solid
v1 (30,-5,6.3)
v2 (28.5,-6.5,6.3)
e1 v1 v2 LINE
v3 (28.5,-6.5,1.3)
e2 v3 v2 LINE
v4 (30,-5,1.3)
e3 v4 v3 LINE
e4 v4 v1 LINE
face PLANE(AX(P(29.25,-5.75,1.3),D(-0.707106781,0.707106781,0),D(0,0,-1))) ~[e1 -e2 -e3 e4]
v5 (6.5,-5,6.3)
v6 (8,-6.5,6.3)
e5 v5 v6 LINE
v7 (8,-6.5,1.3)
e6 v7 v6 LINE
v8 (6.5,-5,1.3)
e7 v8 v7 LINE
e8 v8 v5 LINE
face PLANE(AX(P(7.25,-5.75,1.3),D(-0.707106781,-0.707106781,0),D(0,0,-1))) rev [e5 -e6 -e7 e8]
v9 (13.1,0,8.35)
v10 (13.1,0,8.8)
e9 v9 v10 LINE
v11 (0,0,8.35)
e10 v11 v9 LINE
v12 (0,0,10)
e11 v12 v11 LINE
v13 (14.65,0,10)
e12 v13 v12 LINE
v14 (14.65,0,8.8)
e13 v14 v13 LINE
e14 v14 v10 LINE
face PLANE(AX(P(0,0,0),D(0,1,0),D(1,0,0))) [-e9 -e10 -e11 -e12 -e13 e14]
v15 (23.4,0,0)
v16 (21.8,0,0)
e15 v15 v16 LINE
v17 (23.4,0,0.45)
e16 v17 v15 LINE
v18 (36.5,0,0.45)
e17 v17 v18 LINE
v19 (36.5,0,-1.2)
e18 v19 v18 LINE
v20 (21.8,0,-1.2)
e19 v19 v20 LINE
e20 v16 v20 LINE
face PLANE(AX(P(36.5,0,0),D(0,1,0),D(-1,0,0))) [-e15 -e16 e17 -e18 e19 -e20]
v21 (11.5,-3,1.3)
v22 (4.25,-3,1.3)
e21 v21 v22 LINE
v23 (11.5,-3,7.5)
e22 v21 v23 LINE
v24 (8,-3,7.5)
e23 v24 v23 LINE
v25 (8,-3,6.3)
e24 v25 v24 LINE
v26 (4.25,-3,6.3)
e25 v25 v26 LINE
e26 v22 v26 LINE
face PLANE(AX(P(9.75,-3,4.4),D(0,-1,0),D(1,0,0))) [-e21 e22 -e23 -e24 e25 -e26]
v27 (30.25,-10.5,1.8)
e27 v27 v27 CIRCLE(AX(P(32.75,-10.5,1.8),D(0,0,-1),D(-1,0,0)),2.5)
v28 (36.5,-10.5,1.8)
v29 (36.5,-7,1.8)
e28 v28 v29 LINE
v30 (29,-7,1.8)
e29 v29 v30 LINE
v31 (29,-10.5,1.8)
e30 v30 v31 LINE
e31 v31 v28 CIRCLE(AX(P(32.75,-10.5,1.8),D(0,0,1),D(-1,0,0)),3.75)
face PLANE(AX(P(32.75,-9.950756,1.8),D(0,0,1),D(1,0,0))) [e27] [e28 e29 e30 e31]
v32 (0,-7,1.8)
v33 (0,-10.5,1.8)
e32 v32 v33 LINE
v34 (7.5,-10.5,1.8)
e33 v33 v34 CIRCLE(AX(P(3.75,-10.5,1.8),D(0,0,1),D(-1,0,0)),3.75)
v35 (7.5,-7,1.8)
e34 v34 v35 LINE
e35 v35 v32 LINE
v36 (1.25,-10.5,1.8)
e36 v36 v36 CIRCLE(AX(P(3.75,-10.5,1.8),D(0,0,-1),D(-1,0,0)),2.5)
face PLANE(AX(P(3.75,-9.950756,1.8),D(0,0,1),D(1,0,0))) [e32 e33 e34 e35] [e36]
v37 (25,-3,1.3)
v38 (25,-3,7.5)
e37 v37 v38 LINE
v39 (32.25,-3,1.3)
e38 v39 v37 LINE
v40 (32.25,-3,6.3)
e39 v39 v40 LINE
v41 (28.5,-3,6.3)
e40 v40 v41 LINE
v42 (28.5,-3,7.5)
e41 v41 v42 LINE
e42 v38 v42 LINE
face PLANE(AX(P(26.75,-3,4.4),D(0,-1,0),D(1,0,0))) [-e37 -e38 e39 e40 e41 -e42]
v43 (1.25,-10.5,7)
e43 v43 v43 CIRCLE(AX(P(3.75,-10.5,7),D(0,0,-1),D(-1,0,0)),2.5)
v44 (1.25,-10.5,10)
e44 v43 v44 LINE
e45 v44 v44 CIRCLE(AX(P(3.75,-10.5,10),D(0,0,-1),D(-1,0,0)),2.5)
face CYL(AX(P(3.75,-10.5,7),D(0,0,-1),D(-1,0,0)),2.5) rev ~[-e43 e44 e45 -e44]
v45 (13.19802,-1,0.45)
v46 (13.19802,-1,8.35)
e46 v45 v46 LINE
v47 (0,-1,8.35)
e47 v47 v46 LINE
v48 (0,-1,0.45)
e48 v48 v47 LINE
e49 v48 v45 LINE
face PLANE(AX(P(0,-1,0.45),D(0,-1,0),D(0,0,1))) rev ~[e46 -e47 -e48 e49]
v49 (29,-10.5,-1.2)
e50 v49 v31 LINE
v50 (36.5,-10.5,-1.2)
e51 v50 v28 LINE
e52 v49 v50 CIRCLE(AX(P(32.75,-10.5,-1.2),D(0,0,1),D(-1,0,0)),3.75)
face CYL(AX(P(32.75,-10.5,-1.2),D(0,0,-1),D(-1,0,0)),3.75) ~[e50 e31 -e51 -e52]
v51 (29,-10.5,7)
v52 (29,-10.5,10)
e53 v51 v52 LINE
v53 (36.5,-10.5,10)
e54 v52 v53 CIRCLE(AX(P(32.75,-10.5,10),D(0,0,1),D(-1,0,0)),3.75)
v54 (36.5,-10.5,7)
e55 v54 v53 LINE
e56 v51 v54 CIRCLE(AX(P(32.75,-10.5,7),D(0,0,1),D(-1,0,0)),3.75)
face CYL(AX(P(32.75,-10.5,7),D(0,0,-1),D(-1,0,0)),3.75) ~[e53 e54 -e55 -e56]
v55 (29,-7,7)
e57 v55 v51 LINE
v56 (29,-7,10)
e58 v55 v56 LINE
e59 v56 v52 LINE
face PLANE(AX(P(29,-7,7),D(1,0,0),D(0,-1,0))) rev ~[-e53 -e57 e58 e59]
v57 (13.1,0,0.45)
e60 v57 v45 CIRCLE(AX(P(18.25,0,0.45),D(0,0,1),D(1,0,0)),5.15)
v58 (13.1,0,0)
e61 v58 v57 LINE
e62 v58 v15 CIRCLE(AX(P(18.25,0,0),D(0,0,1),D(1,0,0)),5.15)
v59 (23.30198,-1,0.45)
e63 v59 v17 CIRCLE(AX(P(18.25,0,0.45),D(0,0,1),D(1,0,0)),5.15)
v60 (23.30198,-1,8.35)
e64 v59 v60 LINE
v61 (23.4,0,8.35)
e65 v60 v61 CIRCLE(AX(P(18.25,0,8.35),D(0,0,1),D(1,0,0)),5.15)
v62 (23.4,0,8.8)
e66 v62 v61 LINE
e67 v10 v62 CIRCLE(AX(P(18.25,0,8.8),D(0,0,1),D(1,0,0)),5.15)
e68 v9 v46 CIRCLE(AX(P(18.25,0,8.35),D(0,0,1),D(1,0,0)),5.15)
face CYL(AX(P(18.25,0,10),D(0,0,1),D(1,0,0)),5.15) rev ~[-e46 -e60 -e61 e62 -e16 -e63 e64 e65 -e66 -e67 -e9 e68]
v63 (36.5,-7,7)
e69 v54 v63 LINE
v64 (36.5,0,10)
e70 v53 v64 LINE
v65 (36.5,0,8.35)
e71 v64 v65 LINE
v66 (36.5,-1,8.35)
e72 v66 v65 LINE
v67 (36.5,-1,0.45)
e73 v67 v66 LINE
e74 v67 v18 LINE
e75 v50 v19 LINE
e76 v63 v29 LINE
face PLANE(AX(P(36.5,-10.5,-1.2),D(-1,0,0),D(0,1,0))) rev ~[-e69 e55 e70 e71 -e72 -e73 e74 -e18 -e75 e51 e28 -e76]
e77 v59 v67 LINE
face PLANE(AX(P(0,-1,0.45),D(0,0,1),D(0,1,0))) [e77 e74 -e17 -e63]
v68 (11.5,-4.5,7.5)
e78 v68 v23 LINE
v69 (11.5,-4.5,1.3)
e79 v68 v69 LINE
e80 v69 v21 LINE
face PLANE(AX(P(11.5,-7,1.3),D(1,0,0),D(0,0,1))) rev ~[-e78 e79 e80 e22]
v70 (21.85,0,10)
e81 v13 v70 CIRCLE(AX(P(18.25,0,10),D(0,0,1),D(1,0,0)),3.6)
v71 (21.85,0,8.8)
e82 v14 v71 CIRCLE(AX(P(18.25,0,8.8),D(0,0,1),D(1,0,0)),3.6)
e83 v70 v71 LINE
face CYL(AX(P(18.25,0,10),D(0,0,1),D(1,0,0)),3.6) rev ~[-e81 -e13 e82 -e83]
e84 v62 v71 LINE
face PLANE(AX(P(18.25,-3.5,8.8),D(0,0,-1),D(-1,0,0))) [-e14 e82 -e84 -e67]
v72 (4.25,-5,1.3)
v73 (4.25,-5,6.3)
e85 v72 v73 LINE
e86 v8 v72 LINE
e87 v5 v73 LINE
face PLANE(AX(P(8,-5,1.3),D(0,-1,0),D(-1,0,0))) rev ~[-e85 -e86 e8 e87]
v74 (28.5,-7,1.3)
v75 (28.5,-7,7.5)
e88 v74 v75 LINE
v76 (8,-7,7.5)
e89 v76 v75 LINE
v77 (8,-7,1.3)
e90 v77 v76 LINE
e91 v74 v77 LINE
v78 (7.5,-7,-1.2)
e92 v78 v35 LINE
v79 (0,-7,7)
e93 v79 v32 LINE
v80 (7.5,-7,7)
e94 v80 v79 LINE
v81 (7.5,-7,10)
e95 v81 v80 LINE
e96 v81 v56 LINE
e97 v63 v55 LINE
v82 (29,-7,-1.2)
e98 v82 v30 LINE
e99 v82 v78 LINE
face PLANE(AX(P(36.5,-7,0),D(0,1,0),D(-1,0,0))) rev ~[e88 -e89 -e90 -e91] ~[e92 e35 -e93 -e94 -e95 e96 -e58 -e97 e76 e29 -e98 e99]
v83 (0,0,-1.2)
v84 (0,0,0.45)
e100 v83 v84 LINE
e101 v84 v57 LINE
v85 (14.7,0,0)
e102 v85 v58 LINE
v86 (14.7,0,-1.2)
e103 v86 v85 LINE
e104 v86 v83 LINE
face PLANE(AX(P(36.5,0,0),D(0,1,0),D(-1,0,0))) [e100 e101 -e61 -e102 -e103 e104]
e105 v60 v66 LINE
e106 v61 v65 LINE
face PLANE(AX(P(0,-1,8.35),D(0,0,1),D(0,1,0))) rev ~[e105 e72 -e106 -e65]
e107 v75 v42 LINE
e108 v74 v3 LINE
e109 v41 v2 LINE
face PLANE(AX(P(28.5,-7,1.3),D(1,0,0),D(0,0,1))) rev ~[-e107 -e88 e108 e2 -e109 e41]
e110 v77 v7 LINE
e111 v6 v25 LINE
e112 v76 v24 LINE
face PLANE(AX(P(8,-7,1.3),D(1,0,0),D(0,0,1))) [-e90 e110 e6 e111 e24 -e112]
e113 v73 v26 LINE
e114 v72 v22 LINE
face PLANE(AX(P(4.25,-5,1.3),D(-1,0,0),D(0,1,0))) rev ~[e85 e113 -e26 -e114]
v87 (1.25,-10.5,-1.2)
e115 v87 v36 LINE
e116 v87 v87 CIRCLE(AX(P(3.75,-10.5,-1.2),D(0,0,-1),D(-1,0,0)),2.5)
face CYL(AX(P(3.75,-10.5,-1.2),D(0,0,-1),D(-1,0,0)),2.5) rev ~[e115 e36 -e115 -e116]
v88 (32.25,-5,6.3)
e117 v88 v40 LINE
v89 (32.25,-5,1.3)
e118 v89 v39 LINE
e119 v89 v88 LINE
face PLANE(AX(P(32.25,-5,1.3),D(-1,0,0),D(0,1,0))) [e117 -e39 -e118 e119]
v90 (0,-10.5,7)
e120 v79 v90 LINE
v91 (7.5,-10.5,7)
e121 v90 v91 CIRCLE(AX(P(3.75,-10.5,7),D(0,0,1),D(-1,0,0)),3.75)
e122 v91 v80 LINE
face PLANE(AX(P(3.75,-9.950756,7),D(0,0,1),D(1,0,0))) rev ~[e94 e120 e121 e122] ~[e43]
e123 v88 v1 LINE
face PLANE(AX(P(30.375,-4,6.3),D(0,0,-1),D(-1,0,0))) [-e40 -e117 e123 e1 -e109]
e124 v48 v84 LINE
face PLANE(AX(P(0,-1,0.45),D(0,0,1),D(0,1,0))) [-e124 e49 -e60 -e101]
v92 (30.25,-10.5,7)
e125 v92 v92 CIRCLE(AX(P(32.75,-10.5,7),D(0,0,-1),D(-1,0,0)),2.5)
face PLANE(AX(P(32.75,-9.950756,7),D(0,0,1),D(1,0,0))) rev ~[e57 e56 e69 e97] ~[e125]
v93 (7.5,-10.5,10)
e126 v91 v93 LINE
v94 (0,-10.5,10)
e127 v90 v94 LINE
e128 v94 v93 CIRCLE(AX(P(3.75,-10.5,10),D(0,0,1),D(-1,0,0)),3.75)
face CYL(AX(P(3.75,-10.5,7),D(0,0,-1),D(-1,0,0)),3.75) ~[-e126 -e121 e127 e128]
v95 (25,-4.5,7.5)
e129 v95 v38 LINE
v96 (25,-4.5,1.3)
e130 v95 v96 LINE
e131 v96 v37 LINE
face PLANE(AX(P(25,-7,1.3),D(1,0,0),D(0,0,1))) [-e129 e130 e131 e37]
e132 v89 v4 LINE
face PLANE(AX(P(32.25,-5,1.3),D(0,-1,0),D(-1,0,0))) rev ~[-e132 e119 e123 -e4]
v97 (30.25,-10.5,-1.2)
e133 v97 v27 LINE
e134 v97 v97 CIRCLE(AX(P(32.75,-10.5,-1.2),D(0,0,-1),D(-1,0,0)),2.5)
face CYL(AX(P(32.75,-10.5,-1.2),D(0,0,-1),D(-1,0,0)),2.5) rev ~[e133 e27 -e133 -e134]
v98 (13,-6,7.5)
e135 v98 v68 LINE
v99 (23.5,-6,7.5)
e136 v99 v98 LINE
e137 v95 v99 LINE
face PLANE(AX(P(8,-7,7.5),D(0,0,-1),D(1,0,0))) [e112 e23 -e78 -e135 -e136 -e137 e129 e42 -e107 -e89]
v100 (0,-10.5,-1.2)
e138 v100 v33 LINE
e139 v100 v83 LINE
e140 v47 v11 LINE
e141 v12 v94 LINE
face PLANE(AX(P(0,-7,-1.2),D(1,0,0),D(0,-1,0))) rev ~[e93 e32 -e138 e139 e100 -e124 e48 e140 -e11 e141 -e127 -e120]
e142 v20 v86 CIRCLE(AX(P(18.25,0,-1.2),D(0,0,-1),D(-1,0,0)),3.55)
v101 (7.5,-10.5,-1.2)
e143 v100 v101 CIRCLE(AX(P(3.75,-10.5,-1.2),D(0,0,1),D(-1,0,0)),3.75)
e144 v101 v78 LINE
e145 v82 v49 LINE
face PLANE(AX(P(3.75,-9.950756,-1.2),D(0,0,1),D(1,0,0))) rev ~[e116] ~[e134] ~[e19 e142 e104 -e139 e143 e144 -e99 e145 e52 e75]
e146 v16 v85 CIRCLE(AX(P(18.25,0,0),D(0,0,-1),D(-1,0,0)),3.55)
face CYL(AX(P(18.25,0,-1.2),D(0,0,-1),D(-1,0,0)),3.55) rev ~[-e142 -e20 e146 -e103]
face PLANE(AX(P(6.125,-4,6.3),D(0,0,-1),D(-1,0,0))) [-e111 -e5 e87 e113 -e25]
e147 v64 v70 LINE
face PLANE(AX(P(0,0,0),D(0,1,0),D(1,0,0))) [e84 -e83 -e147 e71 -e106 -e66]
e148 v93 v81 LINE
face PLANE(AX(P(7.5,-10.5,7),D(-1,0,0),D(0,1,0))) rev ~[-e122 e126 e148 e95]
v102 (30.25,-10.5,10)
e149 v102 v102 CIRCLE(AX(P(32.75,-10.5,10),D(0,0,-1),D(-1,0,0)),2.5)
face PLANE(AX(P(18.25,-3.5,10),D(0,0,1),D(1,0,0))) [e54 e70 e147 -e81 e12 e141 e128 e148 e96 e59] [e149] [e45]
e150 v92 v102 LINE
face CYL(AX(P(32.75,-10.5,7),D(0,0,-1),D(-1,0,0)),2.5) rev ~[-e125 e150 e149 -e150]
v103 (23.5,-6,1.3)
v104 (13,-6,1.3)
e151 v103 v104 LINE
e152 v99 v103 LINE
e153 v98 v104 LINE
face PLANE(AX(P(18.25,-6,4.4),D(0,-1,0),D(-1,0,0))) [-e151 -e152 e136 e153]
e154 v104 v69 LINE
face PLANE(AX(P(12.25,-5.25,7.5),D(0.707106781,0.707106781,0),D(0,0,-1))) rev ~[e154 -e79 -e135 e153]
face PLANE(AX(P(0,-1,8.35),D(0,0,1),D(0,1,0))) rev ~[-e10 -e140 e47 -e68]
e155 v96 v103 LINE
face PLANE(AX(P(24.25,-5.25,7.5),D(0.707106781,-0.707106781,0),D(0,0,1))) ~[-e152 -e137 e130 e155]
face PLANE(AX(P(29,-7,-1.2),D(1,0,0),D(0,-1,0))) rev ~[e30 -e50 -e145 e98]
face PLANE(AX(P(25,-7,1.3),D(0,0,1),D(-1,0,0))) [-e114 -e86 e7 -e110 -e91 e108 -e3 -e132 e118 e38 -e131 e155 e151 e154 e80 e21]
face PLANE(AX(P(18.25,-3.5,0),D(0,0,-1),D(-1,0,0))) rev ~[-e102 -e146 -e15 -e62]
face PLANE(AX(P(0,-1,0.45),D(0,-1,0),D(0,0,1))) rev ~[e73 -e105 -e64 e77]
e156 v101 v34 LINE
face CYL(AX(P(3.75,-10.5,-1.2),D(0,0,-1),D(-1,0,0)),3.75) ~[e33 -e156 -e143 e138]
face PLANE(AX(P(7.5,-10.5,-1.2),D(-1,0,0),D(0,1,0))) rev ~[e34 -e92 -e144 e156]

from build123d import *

# Parameters (mm, degrees)
ESQUISSE1_W                     = 36.5
ESQUISSE1_H                     = 7
BOSS_EXTRU_1_DEPTH              = 10
ESQUISSE2_R                     = 5.15
ENL_V_MAT_EXTRU_1_DEPTH         = 10
ESQUISSE3_W                     = 7.9
ESQUISSE3_H                     = 1
ENL_V_MAT_EXTRU_2_DEPTH         = 40
ESQUISSE5_W                     = 36.5
ESQUISSE5_H                     = 7
BOSS_EXTRU_2_DEPTH              = 1.2
ESQUISSE6_R                     = 3.55
ENL_V_MAT_EXTRU_3_DEPTH         = 10
ESQUISSE8_R                     = 2.5
BOSS_EXTRU_3_DEPTH              = 3
R_P_TITION_LIN_AIRE1_COUNT      = 2
R_P_TITION_LIN_AIRE1_PITCH      = 8.2
R_P_TITION_LIN_AIRE1_COUNT_DIR2 = 2
R_P_TITION_LIN_AIRE1_PITCH_DIR2 = 29
R_P_TITION_LIN_AIRE2_COUNT      = 2
R_P_TITION_LIN_AIRE2_PITCH      = 10
ESQUISSE10_R                    = 3.6
ENL_V_MAT_EXTRU_4_DEPTH         = 1.2
ESQUISSE11_W                    = 3.5
ESQUISSE11_H                    = 6.2
ENL_V_MAT_EXTRU_5_DEPTH         = 4
ENL_V_START                     = -2.5
ESQUISSE15_W                    = 3.75
ESQUISSE15_H                    = 2
ENL_V_MAT_EXTRU_7_DEPTH         = 5
ESQUISSE12_W                    = 13.5
ESQUISSE12_H                    = 6.2
ENL_V_MAT_EXTRU_6_DEPTH         = 1
CHANFREIN1_SIZE                 = 1.5


with BuildPart() as part:
    # Esquisse1 → Boss.-Extru.1 (new body)
    with BuildSketch(Plane.XY):
        with Locations((18.25, -3.5)):
            Rectangle(ESQUISSE1_W, ESQUISSE1_H)
    extrude(amount=BOSS_EXTRU_1_DEPTH)

    # Esquisse2 → Enlèv. mat.-Extru.1 (cut)
    with BuildSketch(Plane.XY.offset(10)):
        with Locations((18.25, 0)):
            Circle(ESQUISSE2_R)
    extrude(amount=-ENL_V_MAT_EXTRU_1_DEPTH, mode=Mode.SUBTRACT)

    # Esquisse3 → Enlèv. mat.-Extru.2 (cut)
    with BuildSketch(Plane.ZY):
        with Locations((4.4, -0.5)):
            Rectangle(ESQUISSE3_W, ESQUISSE3_H)
    extrude(amount=-ENL_V_MAT_EXTRU_2_DEPTH, mode=Mode.SUBTRACT)

    # Esquisse5 → Boss.-Extru.2 (add)
    with BuildSketch(Plane(origin=(0, 0, 0), x_dir=(-1, 0, 0), z_dir=(0, 0, -1))):
        with Locations((-18.25, -3.5)):
            Rectangle(ESQUISSE5_W, ESQUISSE5_H)
    boss_extru_2 = extrude(amount=BOSS_EXTRU_2_DEPTH)

    # Esquisse6 → Enlèv. mat.-Extru.3 (cut)
    with BuildSketch(Plane(origin=(0, 0, -1.2), x_dir=(-1, 0, 0), z_dir=(0, 0, -1))):
        with Locations((-18.25, 0)):
            Circle(ESQUISSE6_R)
    extrude(amount=-ENL_V_MAT_EXTRU_3_DEPTH, mode=Mode.SUBTRACT)

    # Esquisse8 → Boss.-Extru.3 (add)
    with BuildSketch(Plane(origin=(0, 0, -1.2), x_dir=(-1, 0, 0), z_dir=(0, 0, -1))):
        with BuildLine():
            Line((-36.5, -7), (-29, -7))
            Line((-29, -7), (-29, -10.5))
            ThreePointArc((-29, -10.5), (-32.75, -14.25), (-36.5, -10.5))
            Line((-36.5, -10.5), (-36.5, -7))
        make_face()
        with Locations((-32.75, -10.5)):
            Circle(ESQUISSE8_R, mode=Mode.SUBTRACT)
    boss_extru_3 = extrude(amount=-BOSS_EXTRU_3_DEPTH)

    # Répétition linéaire1: Boss.-Extru.3 2 × 2
    with Locations(*[(-j * R_P_TITION_LIN_AIRE1_PITCH_DIR2, 0, i * R_P_TITION_LIN_AIRE1_PITCH) for i in range(R_P_TITION_LIN_AIRE1_COUNT) for j in range(R_P_TITION_LIN_AIRE1_COUNT_DIR2) if (i, j) != (0, 0)]):
        add(boss_extru_3)

    # Répétition linéaire2: Boss.-Extru.2 ×2
    with Locations(*[(0, 0, i * R_P_TITION_LIN_AIRE2_PITCH) for i in range(1, R_P_TITION_LIN_AIRE2_COUNT)]):
        add(boss_extru_2)

    # Esquisse10 → Enlèv. mat.-Extru.4 (cut)
    with BuildSketch(Plane.XY.offset(10)):
        with Locations((18.25, 0)):
            Circle(ESQUISSE10_R)
    extrude(amount=-ENL_V_MAT_EXTRU_4_DEPTH, mode=Mode.SUBTRACT)

    # Esquisse11 → Enlèv. mat.-Extru.5 (cut)
    with BuildSketch(Plane.XZ.offset(7)):
        with Locations((9.75, 4.4)):
            Rectangle(ESQUISSE11_W, ESQUISSE11_H)
        with Locations((26.75, 4.4)):
            Rectangle(ESQUISSE11_W, ESQUISSE11_H)
    extrude(amount=-ENL_V_MAT_EXTRU_5_DEPTH, mode=Mode.SUBTRACT)

    # Esquisse15 → Enlèv. mat.-Extru.7 (cut)
    with BuildSketch(Plane(origin=(0, 0, -1.2), x_dir=(-1, 0, 0), z_dir=(0, 0, -1)).offset(ENL_V_START)):
        with Locations((-6.125, -4)):
            Rectangle(ESQUISSE15_W, ESQUISSE15_H)
        with Locations((-30.375, -4)):
            Rectangle(ESQUISSE15_W, ESQUISSE15_H)
    extrude(amount=-ENL_V_MAT_EXTRU_7_DEPTH, mode=Mode.SUBTRACT)

    # Esquisse12 → Enlèv. mat.-Extru.6 (cut)
    with BuildSketch(Plane(origin=(0, -7, 0), x_dir=(-1, 0, 0), z_dir=(0, -1, 0))):
        with Locations((-18.25, -4.4)):
            Rectangle(ESQUISSE12_W, ESQUISSE12_H)
    extrude(amount=-ENL_V_MAT_EXTRU_6_DEPTH, mode=Mode.SUBTRACT)

    # Chanfrein1
    chanfrein1_edges = [part.edges().sort_by_distance(p)[0] for p in [
        (8, -5, 3.8),
        (28.5, -5, 3.8),
        (11.5, -6, 4.4),
        (25, -6, 4.4),
    ]]
    chamfer(chanfrein1_edges, length=CHANFREIN1_SIZE)


solid = part.part
